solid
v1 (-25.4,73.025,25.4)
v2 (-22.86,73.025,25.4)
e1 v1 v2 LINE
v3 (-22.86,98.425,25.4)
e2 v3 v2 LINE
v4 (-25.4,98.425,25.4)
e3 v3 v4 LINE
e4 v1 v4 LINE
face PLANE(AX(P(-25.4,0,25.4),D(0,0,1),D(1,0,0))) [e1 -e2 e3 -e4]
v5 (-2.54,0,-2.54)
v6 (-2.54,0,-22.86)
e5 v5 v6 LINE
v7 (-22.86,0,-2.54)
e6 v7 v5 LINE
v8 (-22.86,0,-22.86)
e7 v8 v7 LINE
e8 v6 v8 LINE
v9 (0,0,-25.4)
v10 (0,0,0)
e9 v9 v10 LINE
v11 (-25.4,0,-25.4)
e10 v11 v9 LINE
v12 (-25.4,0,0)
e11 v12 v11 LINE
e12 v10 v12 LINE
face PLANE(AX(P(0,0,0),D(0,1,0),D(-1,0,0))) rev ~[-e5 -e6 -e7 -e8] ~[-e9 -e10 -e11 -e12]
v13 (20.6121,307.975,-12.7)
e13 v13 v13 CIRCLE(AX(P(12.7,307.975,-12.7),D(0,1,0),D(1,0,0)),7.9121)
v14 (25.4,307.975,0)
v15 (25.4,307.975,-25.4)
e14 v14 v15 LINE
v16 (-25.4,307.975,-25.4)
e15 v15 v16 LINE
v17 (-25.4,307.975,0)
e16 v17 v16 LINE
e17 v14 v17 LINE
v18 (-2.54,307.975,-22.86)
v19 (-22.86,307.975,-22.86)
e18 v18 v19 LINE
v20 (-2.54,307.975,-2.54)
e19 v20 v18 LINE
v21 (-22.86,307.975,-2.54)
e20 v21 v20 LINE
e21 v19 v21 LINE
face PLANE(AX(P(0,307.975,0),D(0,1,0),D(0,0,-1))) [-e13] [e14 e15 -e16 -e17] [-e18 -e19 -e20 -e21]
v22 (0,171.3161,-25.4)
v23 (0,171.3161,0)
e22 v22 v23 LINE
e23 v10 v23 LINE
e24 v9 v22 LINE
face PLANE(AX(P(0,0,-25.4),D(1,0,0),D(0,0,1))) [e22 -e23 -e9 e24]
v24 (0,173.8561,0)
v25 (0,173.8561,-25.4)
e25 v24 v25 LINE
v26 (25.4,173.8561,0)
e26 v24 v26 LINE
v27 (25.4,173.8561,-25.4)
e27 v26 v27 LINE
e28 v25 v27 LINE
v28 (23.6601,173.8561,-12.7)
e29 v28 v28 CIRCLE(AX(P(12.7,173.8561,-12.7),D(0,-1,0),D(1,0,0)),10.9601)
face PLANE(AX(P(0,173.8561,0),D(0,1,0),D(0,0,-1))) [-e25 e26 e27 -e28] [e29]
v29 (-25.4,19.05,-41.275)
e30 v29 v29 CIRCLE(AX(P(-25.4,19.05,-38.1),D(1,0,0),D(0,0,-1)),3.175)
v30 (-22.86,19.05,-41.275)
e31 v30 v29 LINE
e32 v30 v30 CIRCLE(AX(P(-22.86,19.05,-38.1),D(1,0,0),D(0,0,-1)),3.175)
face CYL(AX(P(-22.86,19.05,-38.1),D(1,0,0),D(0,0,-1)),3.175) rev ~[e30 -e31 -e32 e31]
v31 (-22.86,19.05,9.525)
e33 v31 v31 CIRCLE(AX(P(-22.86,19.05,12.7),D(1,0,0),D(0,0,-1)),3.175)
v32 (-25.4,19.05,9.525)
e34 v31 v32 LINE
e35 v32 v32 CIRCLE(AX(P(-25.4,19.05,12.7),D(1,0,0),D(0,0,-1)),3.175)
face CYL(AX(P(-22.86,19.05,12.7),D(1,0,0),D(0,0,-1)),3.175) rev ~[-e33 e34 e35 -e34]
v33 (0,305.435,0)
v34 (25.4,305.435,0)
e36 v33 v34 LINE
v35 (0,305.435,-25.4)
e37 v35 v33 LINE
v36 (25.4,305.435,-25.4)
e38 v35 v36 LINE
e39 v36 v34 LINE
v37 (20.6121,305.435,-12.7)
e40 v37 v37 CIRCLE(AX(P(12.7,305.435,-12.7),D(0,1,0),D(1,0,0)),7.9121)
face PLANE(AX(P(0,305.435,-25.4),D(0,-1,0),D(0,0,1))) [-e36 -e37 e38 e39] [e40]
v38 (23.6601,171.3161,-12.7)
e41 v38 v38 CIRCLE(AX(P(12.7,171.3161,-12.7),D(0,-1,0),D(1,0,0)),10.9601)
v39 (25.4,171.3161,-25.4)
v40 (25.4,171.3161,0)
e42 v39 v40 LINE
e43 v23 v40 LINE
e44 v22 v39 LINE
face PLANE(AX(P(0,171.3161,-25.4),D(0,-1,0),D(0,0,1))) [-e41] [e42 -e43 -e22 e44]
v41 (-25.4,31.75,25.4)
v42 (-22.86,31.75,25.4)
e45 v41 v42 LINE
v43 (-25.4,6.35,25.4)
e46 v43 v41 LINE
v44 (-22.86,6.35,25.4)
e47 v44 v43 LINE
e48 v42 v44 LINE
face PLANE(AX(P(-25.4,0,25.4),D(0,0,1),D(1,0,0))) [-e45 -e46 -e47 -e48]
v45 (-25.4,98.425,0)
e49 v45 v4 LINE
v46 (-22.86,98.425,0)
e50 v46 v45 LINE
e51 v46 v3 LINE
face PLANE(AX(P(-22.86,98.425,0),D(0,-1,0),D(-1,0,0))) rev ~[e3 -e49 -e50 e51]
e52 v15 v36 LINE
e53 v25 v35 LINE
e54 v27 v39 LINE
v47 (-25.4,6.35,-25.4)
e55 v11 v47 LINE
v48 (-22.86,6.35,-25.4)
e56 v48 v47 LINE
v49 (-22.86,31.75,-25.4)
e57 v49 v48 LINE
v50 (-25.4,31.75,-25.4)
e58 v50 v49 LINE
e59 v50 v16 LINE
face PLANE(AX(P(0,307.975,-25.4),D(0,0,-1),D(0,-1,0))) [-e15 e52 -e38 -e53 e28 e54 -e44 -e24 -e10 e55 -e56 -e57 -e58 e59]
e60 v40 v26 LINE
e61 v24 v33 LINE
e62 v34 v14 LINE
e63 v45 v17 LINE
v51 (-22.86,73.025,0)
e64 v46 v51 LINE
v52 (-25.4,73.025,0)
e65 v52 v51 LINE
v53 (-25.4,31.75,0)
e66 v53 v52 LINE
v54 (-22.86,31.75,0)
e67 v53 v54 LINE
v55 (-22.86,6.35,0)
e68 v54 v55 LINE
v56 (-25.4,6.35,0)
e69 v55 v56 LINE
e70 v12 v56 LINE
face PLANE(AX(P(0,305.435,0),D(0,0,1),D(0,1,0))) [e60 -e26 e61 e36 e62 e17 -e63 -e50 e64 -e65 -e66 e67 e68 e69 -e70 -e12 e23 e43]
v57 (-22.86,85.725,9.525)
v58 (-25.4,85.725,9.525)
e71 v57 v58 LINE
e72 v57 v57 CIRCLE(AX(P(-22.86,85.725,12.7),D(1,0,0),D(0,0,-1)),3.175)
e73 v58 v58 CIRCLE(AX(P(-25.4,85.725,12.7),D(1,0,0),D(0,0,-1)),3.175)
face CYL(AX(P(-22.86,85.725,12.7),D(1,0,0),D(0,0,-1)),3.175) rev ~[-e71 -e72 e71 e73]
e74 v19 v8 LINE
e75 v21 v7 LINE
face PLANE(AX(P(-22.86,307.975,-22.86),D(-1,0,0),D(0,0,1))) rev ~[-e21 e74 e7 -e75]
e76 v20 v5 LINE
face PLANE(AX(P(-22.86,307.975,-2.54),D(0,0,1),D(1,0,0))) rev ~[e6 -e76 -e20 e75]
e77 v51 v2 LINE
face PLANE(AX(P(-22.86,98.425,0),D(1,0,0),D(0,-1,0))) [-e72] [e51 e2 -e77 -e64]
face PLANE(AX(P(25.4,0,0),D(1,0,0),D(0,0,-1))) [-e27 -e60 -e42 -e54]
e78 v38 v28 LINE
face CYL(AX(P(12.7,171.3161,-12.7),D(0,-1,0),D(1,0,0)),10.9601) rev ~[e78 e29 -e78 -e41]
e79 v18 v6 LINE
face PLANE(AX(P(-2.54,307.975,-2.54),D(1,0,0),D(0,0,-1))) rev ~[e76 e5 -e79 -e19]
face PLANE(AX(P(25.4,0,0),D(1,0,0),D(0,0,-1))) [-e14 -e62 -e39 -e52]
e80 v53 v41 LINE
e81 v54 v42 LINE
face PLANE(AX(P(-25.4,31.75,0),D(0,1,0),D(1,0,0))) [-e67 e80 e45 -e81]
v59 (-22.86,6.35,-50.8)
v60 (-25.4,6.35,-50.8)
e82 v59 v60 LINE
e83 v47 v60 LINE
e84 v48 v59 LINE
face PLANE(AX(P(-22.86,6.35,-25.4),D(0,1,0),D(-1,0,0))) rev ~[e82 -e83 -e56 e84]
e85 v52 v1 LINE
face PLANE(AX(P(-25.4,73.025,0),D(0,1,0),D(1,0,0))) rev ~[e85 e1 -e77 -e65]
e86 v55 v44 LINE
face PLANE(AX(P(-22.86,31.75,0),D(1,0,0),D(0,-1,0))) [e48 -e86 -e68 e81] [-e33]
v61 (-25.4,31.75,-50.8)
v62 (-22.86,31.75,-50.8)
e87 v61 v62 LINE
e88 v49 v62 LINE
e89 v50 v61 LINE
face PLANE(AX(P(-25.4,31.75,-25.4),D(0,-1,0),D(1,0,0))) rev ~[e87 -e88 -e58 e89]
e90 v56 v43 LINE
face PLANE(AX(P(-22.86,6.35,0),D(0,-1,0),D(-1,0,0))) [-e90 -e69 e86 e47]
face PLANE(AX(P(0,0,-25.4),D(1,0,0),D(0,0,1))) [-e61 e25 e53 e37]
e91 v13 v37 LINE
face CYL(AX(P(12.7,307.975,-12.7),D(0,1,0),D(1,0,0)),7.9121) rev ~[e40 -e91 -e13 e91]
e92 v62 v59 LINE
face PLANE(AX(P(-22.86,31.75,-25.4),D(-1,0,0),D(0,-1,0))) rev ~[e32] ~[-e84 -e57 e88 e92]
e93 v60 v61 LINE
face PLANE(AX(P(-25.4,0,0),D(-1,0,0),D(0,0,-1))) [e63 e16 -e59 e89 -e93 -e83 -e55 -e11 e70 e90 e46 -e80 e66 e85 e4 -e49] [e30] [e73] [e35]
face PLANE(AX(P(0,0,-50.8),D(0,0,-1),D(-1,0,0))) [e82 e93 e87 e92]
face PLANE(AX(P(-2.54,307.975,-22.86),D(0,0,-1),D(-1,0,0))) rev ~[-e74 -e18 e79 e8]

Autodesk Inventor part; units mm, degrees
ref_plane "YZ Plane" through (0, 0, 0) normal (1, 0, 0) x (0, 1, 0)
ref_plane "XZ Plane" through (0, 0, 0) normal (0, 1, 0) x (-1, 0, 0)
ref_plane "XY Plane" through (0, 0, 0) normal (0, 0, 1) x (1, 0, 0)
sketch "Sketch1" plane through (0, 0, 0) normal (0, 1, 0) x (-1, 0, 0)
  line L0 (0, 0) -> (25.4, 0)
  line L1 (25.4, 0) -> (25.4, -25.4)
  line L2 (25.4, -25.4) -> (0, -25.4)
  line L3 (0, -25.4) -> (0, 0)
  dimension "d0" = 25.4
  dimension "d1" = 25.4
extrude "Extrusion1" add sketch "Sketch1" along normal blind 307.975
sketch "Sketch2" plane through (0, 307.975, 0) normal (0, 1, 0) x (1, 0, 0)
  line L0 (-22.86, 2.54) -> (-2.54, 2.54)
  line L1 (-2.54, 2.54) -> (-2.54, 22.86)
  line L2 (-2.54, 22.86) -> (-22.86, 22.86)
  line L3 (-22.86, 22.86) -> (-22.86, 2.54)
  line L4 (-25.4, 0) -> (0, 0) projected
  line L5 (-25.4, 25.4) -> (-25.4, 0) projected
  dimension "d4" = 20.32
  dimension "d5" = 20.32
  dimension "d6" = 2.54
  dimension "d7" = 2.54
extrude "Extrusion2" cut sketch "Sketch2" against normal blind 307.975
sketch "Sketch3" plane through (0, 0, 0) normal (1, 0, 0) x (0, 0, -1)
  line L0 (0, 0) -> (0, 307.975) projected
  line L1 (0, 307.975) -> (25.4, 307.975)
  line L2 (25.4, 307.975) -> (25.4, 305.435)
  line L3 (25.4, 305.435) -> (0, 305.435)
  line L4 (0, 305.435) -> (0, 307.975)
  dimension "d10" = 25.4
  dimension "d11" = 2.54
extrude "Extrusion3" add sketch "Sketch3" along normal blind 25.4
sketch "Sketch4" plane through (0, 307.975, 0) normal (0, 1, 0) x (1, 0, 0)
  circle A0 centre (12.7, 12.7) radius 7.9121
  line L0 (-25.4, 0) -> (25.4, 0) projected
  line L1 (25.4, 25.4) -> (25.4, 0) projected
  point P0 (0, 0)
  dimension "d14" = 15.8242
  dimension "d15" = 12.7
  dimension "d16" = 12.7
extrude "Extrusion4" cut sketch "Sketch4" against normal blind 25.4
sketch "Sketch5" plane through (0, 0, 0) normal (1, 0, 0) x (0, 0, -1)
  line L0 (0, 173.8561) -> (25.4, 173.8561)
  line L1 (25.4, 173.8561) -> (25.4, 171.3161)
  line L2 (25.4, 171.3161) -> (0, 171.3161)
  line L3 (0, 171.3161) -> (0, 173.8561)
  point P0 (0, 0)
  dimension "d19" = 25.4
  dimension "d20" = 2.54
extrude "Extrusion5" add sketch "Sketch5" along normal blind 25.4
sketch "Sketch6" plane through (0, 171.3161, -25.4) normal (0, -1, 0) x (1, 0, 0)
  circle A0 centre (12.7, 12.7) radius 10.9601
  line L0 (0, 0) -> (25.4, 0) projected
  line L1 (25.4, 25.4) -> (25.4, 0) projected
  point P0 (0, 25.4)
  dimension "d23" = 21.9202
  dimension "d24" = 12.7
  dimension "d25" = 1.7399
extrude "Extrusion6" cut sketch "Sketch6" against normal blind 25.4
sketch "Sketch7" plane through (-25.4, 0, 0) normal (0, 0, 1) x (1, 0, 0)
  line L0 (0, 0) -> (0, 307.975) projected
  line L1 (0, 31.75) -> (2.54, 31.75)
  line L2 (2.54, 31.75) -> (2.54, 6.35)
  line L3 (2.54, 6.35) -> (0, 6.35)
  line L4 (0, 6.35) -> (0, 31.75)
  line L5 (25.4, 0) -> (0, 0) projected
  line L6 (0, 0) -> (0, 307.975) projected
  line L7 (2.54, 307.975) -> (2.54, 0) projected
  line L8 (0, 73.025) -> (2.54, 73.025)
  line L9 (2.54, 73.025) -> (2.54, 98.425)
  line L10 (2.54, 98.425) -> (0, 98.425)
  line L11 (0, 98.425) -> (0, 73.025)
  dimension "d28" = 2.54
  dimension "d30" = 6.35
  dimension "d48" = 25.4
  dimension "d49" = 25.4
  dimension "d50" = 41.275
sketch "Sketch8" plane through (0, 0, -25.4) normal (0, 0, -1) x (-1, 0, 0)
  line L0 (25.4, 0) -> (25.4, 307.975) projected
  line L1 (25.4, 31.75) -> (22.86, 31.75)
  line L2 (22.86, 31.75) -> (22.86, 6.35)
  line L3 (22.86, 6.35) -> (25.4, 6.35)
  line L4 (25.4, 6.35) -> (25.4, 31.75)
  line L5 (25.4, 0) -> (0, 0) projected
  dimension "d33" = 2.54
  dimension "d34" = 25.4
  dimension "d35" = 31.75
extrude "Extrusion8" add sketch "Sketch8" along normal blind 25.4
sketch "Sketch10" plane through (-22.86, 6.35, -25.4) normal (1, 0, 0) x (0, 0, -1)
  circle A0 centre (12.7, 12.7) radius 3.175
  line L0 (0, 0) -> (25.4, 0) projected
  line L1 (0, -6.35) -> (0, 164.9661) projected
  point P0 (-25.4, -6.35)
  dimension "d43" = 6.35
  dimension "d44" = 12.7
  dimension "d45" = 12.7
extrude "Extrusion10" cut sketch "Sketch10" against normal blind 25.4
extrude "Extrusion11" add sketch "Sketch7" along normal blind 25.4 contours L0 L1 L2 L3 | L0 L10 L7 L8
sketch "Sketch11" plane through (-22.86, 73.025, 0) normal (1, 0, 0) x (0, 0, -1)
  circle A0 centre (-12.7, -53.975) radius 3.175
  line L0 (0, -41.275) -> (-25.4, -41.275) projected
  line L1 (-12.7, -41.275) -> (-12.7, -53.975) construction
  line L2 (-12.7, -53.975) -> (-25.4, -53.975) construction
  circle A1 centre (-12.7, 12.7) radius 3.175
  line L3 (-12.7, 12.7) -> (-12.7, 25.4) construction
  line L4 (0, 25.4) -> (-25.4, 25.4) projected
  line L5 (-12.7, 12.7) -> (-25.4, 12.7) construction
  point P0 (0, -73.025)
  dimension "d53" = 6.35
  dimension "d54" = 12.7
  dimension "d55" = 6.35
  dimension "d56" = 12.7
extrude "Extrusion12" cut sketch "Sketch11" against normal blind 25.4
properties part number "Mount for Control Panel"
